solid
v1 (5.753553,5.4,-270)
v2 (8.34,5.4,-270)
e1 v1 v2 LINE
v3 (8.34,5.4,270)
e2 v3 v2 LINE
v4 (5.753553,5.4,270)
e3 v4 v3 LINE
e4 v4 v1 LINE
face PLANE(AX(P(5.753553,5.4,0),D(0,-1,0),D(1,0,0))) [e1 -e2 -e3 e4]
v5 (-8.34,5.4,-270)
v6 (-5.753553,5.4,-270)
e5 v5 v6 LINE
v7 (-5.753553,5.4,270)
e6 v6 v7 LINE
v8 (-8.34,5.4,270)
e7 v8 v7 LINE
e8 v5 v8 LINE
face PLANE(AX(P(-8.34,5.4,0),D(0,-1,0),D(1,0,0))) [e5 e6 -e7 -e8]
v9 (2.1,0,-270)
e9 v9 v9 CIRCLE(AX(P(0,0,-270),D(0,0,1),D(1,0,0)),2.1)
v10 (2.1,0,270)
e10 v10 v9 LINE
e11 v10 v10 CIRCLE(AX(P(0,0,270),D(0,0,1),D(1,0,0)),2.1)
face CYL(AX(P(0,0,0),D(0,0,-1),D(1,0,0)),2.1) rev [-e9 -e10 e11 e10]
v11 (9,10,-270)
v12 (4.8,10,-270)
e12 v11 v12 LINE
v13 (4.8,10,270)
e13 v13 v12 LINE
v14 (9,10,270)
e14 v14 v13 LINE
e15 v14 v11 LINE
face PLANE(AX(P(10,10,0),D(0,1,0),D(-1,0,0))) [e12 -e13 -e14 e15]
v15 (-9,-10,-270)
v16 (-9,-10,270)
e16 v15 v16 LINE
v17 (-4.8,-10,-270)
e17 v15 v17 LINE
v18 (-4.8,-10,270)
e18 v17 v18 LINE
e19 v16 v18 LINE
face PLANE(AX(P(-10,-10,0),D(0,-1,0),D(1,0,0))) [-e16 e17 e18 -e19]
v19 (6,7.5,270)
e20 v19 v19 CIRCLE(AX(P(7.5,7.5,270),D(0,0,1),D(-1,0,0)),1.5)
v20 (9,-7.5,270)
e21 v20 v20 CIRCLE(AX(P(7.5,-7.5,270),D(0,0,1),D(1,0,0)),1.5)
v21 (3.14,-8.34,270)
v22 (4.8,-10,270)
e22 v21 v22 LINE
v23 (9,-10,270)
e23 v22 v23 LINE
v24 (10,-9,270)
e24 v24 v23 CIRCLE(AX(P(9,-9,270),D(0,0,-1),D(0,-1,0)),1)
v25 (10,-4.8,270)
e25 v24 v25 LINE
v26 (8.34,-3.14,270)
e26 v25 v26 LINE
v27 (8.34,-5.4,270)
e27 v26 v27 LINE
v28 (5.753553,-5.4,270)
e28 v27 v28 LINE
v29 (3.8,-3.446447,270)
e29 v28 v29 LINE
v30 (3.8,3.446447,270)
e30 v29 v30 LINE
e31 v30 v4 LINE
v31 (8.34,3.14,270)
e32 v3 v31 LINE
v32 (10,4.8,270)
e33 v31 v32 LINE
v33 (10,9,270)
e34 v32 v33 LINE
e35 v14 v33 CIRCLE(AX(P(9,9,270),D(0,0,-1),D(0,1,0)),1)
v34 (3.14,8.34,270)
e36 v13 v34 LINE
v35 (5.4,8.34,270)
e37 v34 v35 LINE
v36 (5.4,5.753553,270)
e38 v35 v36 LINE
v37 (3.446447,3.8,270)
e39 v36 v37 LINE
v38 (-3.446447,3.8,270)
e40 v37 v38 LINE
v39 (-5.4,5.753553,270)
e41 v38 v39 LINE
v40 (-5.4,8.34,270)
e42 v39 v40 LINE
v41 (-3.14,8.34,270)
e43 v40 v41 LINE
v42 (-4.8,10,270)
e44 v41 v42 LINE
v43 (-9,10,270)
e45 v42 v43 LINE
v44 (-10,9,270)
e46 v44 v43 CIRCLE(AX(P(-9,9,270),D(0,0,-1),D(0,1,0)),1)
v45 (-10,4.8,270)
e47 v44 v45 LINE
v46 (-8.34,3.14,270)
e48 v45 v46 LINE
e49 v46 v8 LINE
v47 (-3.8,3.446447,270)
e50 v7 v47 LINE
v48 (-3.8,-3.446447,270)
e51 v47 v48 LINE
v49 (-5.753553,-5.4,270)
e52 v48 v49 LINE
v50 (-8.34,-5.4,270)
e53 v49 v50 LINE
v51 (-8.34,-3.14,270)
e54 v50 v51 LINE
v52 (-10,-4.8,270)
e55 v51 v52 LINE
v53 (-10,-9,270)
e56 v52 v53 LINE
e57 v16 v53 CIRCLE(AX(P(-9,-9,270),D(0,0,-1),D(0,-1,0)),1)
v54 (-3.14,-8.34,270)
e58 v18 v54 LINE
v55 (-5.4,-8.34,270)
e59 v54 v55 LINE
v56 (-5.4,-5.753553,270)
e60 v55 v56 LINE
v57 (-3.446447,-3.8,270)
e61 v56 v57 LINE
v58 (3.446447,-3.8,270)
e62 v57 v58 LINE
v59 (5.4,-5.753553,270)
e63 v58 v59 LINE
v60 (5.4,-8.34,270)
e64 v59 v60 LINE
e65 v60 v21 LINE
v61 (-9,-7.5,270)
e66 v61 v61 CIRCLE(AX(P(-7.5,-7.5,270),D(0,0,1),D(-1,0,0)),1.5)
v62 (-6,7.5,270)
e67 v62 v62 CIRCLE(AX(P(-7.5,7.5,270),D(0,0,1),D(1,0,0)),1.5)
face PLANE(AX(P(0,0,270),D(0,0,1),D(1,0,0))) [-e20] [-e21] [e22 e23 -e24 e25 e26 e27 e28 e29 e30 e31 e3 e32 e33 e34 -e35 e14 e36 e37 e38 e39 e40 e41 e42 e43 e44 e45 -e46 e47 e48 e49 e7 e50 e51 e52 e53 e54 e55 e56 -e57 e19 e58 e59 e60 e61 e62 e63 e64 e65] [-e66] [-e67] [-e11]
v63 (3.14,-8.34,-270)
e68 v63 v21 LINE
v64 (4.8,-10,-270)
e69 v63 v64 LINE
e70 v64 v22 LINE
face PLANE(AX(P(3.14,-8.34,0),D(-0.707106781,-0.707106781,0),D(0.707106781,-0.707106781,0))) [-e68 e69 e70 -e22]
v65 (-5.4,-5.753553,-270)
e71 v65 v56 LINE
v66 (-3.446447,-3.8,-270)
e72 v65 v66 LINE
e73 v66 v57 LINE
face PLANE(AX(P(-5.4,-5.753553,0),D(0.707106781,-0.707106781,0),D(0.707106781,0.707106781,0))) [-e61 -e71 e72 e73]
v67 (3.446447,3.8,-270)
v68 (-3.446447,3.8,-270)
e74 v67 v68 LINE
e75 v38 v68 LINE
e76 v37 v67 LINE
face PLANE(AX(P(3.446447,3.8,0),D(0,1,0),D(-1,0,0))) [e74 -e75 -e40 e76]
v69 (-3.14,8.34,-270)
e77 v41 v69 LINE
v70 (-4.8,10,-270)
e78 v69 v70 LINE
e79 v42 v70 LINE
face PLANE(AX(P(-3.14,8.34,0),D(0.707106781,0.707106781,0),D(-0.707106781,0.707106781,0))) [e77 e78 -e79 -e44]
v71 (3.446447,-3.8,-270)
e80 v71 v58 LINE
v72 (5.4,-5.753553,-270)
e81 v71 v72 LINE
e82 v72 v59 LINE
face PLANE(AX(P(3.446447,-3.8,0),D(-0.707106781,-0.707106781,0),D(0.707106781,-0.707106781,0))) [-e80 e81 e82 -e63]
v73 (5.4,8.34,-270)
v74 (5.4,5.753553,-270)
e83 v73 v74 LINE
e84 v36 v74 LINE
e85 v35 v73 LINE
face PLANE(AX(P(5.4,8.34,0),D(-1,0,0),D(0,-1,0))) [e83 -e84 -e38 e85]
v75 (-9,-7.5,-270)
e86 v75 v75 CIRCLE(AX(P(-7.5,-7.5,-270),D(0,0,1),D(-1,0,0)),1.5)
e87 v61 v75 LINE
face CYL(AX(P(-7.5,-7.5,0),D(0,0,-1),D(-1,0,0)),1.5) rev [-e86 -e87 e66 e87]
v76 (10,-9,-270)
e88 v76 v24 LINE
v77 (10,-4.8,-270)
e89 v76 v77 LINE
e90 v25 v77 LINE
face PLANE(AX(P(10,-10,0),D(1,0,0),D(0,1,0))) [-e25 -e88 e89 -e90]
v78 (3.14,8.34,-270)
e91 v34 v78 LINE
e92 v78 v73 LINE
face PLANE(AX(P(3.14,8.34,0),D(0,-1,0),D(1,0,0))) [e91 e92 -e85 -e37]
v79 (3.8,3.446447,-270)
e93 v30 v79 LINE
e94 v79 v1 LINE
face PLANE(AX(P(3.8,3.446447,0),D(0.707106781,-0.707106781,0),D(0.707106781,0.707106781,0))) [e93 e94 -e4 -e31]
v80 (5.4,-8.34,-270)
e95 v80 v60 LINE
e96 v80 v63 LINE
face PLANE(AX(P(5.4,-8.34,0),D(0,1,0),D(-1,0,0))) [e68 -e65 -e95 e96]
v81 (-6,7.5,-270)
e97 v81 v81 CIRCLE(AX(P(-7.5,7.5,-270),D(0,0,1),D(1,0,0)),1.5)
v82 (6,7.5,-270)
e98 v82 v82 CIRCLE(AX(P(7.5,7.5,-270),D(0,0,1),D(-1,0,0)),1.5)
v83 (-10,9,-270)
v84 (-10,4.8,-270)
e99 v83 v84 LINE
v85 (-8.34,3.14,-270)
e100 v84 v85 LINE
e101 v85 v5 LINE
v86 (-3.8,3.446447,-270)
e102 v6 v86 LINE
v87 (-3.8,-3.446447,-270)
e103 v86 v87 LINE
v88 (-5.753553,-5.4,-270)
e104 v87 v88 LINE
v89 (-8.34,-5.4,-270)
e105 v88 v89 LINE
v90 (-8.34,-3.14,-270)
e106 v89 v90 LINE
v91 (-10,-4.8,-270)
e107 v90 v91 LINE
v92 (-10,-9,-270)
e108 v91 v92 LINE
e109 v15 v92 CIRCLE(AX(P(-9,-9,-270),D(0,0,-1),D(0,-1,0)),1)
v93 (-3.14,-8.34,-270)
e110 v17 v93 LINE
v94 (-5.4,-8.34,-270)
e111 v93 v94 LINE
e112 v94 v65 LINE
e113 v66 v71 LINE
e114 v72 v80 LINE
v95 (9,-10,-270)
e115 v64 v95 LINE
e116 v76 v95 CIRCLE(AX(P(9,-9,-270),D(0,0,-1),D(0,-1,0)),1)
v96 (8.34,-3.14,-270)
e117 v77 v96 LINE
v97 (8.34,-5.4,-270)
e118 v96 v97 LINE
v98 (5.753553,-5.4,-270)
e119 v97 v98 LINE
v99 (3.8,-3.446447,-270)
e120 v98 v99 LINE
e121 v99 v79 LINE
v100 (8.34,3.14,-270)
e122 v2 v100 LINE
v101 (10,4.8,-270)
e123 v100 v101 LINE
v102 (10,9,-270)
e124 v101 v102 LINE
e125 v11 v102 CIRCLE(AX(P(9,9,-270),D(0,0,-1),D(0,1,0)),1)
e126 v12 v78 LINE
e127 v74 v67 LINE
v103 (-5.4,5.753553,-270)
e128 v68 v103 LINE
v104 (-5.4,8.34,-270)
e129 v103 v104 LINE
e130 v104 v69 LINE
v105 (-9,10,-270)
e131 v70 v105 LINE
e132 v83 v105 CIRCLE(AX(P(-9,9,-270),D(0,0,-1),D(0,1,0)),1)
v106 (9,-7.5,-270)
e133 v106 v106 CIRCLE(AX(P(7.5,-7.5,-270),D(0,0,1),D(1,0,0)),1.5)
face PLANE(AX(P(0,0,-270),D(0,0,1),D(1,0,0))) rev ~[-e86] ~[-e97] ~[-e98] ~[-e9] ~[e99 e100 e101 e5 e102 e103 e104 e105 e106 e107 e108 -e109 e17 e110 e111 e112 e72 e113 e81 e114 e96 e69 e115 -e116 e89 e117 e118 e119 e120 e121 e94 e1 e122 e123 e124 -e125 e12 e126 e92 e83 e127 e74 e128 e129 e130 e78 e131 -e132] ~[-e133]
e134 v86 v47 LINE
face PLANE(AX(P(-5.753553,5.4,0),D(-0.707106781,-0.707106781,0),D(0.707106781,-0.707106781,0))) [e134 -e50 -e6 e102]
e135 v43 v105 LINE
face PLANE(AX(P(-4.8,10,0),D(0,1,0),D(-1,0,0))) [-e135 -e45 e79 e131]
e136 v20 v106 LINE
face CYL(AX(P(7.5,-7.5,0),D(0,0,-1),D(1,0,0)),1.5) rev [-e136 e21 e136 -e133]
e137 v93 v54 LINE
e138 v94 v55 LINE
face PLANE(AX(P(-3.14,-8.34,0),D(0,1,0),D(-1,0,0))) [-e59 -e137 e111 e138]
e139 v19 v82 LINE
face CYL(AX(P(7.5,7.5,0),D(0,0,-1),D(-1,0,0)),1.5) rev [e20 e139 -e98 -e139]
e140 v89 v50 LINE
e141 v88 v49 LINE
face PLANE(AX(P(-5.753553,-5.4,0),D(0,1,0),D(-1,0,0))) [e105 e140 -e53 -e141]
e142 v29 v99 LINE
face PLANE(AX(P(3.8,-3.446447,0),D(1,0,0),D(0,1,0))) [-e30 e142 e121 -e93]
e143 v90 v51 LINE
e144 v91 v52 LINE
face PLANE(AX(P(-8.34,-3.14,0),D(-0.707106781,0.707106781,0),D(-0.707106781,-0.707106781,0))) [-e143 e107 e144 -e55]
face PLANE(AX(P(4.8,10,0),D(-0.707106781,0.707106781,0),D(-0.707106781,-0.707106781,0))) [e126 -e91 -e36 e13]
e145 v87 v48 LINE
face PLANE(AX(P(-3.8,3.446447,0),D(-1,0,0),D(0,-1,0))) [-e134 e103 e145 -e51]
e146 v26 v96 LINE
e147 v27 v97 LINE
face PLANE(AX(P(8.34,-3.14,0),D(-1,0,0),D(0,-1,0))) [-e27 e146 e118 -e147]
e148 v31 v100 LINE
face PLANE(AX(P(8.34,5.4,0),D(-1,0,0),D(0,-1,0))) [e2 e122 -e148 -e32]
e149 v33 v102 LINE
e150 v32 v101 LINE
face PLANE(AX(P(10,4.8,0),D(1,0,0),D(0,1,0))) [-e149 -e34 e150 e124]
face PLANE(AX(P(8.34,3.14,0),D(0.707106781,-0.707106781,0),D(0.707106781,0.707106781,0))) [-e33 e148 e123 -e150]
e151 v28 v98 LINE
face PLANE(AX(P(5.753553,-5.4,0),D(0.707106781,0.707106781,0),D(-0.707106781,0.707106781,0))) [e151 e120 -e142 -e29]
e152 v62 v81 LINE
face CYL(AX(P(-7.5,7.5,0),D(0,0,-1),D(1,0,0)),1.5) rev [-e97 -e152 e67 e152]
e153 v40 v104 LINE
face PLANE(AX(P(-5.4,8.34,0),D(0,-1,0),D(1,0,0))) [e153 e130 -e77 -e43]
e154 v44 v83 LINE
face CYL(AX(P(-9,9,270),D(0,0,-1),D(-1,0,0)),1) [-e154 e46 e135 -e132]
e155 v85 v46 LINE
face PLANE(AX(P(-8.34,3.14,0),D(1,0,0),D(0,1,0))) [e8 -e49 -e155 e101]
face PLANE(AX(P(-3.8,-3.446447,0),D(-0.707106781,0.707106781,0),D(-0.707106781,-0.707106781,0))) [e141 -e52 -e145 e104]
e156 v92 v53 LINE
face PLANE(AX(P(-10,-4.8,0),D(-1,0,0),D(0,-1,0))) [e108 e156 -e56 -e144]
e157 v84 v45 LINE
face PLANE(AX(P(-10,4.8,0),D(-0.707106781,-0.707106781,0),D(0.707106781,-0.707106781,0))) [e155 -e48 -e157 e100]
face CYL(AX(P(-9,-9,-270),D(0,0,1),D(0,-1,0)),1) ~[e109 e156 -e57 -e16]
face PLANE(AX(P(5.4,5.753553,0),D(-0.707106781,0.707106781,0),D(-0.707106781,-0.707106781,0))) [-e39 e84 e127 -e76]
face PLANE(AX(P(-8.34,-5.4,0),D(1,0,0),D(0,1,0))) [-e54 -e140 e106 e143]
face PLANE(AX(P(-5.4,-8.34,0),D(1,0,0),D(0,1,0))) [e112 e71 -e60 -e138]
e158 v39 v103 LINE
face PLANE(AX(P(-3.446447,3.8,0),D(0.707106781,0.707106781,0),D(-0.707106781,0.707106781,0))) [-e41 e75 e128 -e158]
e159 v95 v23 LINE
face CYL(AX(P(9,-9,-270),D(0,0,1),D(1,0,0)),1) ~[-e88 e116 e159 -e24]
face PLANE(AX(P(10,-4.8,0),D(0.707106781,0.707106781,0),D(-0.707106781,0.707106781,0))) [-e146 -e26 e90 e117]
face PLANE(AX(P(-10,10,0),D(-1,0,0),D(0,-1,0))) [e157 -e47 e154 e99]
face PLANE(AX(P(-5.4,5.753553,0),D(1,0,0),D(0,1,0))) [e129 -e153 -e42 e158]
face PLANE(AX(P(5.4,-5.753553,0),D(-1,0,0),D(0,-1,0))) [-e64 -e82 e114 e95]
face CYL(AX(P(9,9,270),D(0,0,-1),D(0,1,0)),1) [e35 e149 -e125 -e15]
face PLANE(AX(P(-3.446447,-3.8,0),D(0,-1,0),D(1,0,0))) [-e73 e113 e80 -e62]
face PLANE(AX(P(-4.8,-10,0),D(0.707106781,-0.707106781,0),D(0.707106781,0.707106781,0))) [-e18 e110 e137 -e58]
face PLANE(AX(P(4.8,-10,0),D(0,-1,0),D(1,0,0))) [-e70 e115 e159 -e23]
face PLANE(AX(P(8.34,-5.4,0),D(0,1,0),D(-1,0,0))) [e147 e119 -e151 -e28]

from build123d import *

# Parameters (mm, degrees)
SKETCH_1_R      = 1.5
SKETCH_1_R_2    = 2.1
EXTRUDE_1_DEPTH = 270
FILLET_1_R      = 1


with BuildPart() as part:
    # 草图1 → 凸台-拉伸1 (new, symmetric)
    with BuildSketch(Plane.XY):
        Polygon((-10, 10), (-10, 4.8), (-8.34, 3.14), (-8.34, 5.4), (-5.753553391, 5.4), (-3.8, 3.446446609), (-3.8, -3.446446609), (-5.753553391, -5.4), (-8.34, -5.4), (-8.34, -3.14), (-10, -4.8), (-10, -10), (-4.8, -10), (-3.14, -8.34), (-5.4, -8.34), (-5.4, -5.753553391), (-3.446446609, -3.8), (3.446446609, -3.8), (5.4, -5.753553391), (5.4, -8.34), (3.14, -8.34), (4.8, -10), (10, -10), (10, -4.8), (8.34, -3.14), (8.34, -5.4), (5.753553391, -5.4), (3.8, -3.446446609), (3.8, 3.446446609), (5.753553391, 5.4), (8.34, 5.4), (8.34, 3.14), (10, 4.8), (10, 10), (4.8, 10), (3.14, 8.34), (5.4, 8.34), (5.4, 5.753553391), (3.446446609, 3.8), (-3.446446609, 3.8), (-5.4, 5.753553391), (-5.4, 8.34), (-3.14, 8.34), (-4.8, 10), align=None)
        with Locations((-7.5, 7.5)):
            Circle(SKETCH_1_R, mode=Mode.SUBTRACT)
        Circle(SKETCH_1_R_2, mode=Mode.SUBTRACT)
        with Locations(Location((-7.5, -7.5, 0), (0, 0, 180))):
            Circle(SKETCH_1_R, mode=Mode.SUBTRACT)
        with Locations((7.5, -7.5)):
            Circle(SKETCH_1_R, mode=Mode.SUBTRACT)
        with Locations(Location((7.5, 7.5, 0), (0, 0, 180))):
            Circle(SKETCH_1_R, mode=Mode.SUBTRACT)
    extrude(amount=EXTRUDE_1_DEPTH, both=True)

    # 圆角1
    fillet_1_edges = [part.edges().sort_by_distance(p)[0] for p in [
        (10, 10, 0),
        (10, -10, 0),
        (-10, -10, 0),
        (-10, 10, 0),
    ]]
    fillet(fillet_1_edges, radius=FILLET_1_R)


solid = part.part
